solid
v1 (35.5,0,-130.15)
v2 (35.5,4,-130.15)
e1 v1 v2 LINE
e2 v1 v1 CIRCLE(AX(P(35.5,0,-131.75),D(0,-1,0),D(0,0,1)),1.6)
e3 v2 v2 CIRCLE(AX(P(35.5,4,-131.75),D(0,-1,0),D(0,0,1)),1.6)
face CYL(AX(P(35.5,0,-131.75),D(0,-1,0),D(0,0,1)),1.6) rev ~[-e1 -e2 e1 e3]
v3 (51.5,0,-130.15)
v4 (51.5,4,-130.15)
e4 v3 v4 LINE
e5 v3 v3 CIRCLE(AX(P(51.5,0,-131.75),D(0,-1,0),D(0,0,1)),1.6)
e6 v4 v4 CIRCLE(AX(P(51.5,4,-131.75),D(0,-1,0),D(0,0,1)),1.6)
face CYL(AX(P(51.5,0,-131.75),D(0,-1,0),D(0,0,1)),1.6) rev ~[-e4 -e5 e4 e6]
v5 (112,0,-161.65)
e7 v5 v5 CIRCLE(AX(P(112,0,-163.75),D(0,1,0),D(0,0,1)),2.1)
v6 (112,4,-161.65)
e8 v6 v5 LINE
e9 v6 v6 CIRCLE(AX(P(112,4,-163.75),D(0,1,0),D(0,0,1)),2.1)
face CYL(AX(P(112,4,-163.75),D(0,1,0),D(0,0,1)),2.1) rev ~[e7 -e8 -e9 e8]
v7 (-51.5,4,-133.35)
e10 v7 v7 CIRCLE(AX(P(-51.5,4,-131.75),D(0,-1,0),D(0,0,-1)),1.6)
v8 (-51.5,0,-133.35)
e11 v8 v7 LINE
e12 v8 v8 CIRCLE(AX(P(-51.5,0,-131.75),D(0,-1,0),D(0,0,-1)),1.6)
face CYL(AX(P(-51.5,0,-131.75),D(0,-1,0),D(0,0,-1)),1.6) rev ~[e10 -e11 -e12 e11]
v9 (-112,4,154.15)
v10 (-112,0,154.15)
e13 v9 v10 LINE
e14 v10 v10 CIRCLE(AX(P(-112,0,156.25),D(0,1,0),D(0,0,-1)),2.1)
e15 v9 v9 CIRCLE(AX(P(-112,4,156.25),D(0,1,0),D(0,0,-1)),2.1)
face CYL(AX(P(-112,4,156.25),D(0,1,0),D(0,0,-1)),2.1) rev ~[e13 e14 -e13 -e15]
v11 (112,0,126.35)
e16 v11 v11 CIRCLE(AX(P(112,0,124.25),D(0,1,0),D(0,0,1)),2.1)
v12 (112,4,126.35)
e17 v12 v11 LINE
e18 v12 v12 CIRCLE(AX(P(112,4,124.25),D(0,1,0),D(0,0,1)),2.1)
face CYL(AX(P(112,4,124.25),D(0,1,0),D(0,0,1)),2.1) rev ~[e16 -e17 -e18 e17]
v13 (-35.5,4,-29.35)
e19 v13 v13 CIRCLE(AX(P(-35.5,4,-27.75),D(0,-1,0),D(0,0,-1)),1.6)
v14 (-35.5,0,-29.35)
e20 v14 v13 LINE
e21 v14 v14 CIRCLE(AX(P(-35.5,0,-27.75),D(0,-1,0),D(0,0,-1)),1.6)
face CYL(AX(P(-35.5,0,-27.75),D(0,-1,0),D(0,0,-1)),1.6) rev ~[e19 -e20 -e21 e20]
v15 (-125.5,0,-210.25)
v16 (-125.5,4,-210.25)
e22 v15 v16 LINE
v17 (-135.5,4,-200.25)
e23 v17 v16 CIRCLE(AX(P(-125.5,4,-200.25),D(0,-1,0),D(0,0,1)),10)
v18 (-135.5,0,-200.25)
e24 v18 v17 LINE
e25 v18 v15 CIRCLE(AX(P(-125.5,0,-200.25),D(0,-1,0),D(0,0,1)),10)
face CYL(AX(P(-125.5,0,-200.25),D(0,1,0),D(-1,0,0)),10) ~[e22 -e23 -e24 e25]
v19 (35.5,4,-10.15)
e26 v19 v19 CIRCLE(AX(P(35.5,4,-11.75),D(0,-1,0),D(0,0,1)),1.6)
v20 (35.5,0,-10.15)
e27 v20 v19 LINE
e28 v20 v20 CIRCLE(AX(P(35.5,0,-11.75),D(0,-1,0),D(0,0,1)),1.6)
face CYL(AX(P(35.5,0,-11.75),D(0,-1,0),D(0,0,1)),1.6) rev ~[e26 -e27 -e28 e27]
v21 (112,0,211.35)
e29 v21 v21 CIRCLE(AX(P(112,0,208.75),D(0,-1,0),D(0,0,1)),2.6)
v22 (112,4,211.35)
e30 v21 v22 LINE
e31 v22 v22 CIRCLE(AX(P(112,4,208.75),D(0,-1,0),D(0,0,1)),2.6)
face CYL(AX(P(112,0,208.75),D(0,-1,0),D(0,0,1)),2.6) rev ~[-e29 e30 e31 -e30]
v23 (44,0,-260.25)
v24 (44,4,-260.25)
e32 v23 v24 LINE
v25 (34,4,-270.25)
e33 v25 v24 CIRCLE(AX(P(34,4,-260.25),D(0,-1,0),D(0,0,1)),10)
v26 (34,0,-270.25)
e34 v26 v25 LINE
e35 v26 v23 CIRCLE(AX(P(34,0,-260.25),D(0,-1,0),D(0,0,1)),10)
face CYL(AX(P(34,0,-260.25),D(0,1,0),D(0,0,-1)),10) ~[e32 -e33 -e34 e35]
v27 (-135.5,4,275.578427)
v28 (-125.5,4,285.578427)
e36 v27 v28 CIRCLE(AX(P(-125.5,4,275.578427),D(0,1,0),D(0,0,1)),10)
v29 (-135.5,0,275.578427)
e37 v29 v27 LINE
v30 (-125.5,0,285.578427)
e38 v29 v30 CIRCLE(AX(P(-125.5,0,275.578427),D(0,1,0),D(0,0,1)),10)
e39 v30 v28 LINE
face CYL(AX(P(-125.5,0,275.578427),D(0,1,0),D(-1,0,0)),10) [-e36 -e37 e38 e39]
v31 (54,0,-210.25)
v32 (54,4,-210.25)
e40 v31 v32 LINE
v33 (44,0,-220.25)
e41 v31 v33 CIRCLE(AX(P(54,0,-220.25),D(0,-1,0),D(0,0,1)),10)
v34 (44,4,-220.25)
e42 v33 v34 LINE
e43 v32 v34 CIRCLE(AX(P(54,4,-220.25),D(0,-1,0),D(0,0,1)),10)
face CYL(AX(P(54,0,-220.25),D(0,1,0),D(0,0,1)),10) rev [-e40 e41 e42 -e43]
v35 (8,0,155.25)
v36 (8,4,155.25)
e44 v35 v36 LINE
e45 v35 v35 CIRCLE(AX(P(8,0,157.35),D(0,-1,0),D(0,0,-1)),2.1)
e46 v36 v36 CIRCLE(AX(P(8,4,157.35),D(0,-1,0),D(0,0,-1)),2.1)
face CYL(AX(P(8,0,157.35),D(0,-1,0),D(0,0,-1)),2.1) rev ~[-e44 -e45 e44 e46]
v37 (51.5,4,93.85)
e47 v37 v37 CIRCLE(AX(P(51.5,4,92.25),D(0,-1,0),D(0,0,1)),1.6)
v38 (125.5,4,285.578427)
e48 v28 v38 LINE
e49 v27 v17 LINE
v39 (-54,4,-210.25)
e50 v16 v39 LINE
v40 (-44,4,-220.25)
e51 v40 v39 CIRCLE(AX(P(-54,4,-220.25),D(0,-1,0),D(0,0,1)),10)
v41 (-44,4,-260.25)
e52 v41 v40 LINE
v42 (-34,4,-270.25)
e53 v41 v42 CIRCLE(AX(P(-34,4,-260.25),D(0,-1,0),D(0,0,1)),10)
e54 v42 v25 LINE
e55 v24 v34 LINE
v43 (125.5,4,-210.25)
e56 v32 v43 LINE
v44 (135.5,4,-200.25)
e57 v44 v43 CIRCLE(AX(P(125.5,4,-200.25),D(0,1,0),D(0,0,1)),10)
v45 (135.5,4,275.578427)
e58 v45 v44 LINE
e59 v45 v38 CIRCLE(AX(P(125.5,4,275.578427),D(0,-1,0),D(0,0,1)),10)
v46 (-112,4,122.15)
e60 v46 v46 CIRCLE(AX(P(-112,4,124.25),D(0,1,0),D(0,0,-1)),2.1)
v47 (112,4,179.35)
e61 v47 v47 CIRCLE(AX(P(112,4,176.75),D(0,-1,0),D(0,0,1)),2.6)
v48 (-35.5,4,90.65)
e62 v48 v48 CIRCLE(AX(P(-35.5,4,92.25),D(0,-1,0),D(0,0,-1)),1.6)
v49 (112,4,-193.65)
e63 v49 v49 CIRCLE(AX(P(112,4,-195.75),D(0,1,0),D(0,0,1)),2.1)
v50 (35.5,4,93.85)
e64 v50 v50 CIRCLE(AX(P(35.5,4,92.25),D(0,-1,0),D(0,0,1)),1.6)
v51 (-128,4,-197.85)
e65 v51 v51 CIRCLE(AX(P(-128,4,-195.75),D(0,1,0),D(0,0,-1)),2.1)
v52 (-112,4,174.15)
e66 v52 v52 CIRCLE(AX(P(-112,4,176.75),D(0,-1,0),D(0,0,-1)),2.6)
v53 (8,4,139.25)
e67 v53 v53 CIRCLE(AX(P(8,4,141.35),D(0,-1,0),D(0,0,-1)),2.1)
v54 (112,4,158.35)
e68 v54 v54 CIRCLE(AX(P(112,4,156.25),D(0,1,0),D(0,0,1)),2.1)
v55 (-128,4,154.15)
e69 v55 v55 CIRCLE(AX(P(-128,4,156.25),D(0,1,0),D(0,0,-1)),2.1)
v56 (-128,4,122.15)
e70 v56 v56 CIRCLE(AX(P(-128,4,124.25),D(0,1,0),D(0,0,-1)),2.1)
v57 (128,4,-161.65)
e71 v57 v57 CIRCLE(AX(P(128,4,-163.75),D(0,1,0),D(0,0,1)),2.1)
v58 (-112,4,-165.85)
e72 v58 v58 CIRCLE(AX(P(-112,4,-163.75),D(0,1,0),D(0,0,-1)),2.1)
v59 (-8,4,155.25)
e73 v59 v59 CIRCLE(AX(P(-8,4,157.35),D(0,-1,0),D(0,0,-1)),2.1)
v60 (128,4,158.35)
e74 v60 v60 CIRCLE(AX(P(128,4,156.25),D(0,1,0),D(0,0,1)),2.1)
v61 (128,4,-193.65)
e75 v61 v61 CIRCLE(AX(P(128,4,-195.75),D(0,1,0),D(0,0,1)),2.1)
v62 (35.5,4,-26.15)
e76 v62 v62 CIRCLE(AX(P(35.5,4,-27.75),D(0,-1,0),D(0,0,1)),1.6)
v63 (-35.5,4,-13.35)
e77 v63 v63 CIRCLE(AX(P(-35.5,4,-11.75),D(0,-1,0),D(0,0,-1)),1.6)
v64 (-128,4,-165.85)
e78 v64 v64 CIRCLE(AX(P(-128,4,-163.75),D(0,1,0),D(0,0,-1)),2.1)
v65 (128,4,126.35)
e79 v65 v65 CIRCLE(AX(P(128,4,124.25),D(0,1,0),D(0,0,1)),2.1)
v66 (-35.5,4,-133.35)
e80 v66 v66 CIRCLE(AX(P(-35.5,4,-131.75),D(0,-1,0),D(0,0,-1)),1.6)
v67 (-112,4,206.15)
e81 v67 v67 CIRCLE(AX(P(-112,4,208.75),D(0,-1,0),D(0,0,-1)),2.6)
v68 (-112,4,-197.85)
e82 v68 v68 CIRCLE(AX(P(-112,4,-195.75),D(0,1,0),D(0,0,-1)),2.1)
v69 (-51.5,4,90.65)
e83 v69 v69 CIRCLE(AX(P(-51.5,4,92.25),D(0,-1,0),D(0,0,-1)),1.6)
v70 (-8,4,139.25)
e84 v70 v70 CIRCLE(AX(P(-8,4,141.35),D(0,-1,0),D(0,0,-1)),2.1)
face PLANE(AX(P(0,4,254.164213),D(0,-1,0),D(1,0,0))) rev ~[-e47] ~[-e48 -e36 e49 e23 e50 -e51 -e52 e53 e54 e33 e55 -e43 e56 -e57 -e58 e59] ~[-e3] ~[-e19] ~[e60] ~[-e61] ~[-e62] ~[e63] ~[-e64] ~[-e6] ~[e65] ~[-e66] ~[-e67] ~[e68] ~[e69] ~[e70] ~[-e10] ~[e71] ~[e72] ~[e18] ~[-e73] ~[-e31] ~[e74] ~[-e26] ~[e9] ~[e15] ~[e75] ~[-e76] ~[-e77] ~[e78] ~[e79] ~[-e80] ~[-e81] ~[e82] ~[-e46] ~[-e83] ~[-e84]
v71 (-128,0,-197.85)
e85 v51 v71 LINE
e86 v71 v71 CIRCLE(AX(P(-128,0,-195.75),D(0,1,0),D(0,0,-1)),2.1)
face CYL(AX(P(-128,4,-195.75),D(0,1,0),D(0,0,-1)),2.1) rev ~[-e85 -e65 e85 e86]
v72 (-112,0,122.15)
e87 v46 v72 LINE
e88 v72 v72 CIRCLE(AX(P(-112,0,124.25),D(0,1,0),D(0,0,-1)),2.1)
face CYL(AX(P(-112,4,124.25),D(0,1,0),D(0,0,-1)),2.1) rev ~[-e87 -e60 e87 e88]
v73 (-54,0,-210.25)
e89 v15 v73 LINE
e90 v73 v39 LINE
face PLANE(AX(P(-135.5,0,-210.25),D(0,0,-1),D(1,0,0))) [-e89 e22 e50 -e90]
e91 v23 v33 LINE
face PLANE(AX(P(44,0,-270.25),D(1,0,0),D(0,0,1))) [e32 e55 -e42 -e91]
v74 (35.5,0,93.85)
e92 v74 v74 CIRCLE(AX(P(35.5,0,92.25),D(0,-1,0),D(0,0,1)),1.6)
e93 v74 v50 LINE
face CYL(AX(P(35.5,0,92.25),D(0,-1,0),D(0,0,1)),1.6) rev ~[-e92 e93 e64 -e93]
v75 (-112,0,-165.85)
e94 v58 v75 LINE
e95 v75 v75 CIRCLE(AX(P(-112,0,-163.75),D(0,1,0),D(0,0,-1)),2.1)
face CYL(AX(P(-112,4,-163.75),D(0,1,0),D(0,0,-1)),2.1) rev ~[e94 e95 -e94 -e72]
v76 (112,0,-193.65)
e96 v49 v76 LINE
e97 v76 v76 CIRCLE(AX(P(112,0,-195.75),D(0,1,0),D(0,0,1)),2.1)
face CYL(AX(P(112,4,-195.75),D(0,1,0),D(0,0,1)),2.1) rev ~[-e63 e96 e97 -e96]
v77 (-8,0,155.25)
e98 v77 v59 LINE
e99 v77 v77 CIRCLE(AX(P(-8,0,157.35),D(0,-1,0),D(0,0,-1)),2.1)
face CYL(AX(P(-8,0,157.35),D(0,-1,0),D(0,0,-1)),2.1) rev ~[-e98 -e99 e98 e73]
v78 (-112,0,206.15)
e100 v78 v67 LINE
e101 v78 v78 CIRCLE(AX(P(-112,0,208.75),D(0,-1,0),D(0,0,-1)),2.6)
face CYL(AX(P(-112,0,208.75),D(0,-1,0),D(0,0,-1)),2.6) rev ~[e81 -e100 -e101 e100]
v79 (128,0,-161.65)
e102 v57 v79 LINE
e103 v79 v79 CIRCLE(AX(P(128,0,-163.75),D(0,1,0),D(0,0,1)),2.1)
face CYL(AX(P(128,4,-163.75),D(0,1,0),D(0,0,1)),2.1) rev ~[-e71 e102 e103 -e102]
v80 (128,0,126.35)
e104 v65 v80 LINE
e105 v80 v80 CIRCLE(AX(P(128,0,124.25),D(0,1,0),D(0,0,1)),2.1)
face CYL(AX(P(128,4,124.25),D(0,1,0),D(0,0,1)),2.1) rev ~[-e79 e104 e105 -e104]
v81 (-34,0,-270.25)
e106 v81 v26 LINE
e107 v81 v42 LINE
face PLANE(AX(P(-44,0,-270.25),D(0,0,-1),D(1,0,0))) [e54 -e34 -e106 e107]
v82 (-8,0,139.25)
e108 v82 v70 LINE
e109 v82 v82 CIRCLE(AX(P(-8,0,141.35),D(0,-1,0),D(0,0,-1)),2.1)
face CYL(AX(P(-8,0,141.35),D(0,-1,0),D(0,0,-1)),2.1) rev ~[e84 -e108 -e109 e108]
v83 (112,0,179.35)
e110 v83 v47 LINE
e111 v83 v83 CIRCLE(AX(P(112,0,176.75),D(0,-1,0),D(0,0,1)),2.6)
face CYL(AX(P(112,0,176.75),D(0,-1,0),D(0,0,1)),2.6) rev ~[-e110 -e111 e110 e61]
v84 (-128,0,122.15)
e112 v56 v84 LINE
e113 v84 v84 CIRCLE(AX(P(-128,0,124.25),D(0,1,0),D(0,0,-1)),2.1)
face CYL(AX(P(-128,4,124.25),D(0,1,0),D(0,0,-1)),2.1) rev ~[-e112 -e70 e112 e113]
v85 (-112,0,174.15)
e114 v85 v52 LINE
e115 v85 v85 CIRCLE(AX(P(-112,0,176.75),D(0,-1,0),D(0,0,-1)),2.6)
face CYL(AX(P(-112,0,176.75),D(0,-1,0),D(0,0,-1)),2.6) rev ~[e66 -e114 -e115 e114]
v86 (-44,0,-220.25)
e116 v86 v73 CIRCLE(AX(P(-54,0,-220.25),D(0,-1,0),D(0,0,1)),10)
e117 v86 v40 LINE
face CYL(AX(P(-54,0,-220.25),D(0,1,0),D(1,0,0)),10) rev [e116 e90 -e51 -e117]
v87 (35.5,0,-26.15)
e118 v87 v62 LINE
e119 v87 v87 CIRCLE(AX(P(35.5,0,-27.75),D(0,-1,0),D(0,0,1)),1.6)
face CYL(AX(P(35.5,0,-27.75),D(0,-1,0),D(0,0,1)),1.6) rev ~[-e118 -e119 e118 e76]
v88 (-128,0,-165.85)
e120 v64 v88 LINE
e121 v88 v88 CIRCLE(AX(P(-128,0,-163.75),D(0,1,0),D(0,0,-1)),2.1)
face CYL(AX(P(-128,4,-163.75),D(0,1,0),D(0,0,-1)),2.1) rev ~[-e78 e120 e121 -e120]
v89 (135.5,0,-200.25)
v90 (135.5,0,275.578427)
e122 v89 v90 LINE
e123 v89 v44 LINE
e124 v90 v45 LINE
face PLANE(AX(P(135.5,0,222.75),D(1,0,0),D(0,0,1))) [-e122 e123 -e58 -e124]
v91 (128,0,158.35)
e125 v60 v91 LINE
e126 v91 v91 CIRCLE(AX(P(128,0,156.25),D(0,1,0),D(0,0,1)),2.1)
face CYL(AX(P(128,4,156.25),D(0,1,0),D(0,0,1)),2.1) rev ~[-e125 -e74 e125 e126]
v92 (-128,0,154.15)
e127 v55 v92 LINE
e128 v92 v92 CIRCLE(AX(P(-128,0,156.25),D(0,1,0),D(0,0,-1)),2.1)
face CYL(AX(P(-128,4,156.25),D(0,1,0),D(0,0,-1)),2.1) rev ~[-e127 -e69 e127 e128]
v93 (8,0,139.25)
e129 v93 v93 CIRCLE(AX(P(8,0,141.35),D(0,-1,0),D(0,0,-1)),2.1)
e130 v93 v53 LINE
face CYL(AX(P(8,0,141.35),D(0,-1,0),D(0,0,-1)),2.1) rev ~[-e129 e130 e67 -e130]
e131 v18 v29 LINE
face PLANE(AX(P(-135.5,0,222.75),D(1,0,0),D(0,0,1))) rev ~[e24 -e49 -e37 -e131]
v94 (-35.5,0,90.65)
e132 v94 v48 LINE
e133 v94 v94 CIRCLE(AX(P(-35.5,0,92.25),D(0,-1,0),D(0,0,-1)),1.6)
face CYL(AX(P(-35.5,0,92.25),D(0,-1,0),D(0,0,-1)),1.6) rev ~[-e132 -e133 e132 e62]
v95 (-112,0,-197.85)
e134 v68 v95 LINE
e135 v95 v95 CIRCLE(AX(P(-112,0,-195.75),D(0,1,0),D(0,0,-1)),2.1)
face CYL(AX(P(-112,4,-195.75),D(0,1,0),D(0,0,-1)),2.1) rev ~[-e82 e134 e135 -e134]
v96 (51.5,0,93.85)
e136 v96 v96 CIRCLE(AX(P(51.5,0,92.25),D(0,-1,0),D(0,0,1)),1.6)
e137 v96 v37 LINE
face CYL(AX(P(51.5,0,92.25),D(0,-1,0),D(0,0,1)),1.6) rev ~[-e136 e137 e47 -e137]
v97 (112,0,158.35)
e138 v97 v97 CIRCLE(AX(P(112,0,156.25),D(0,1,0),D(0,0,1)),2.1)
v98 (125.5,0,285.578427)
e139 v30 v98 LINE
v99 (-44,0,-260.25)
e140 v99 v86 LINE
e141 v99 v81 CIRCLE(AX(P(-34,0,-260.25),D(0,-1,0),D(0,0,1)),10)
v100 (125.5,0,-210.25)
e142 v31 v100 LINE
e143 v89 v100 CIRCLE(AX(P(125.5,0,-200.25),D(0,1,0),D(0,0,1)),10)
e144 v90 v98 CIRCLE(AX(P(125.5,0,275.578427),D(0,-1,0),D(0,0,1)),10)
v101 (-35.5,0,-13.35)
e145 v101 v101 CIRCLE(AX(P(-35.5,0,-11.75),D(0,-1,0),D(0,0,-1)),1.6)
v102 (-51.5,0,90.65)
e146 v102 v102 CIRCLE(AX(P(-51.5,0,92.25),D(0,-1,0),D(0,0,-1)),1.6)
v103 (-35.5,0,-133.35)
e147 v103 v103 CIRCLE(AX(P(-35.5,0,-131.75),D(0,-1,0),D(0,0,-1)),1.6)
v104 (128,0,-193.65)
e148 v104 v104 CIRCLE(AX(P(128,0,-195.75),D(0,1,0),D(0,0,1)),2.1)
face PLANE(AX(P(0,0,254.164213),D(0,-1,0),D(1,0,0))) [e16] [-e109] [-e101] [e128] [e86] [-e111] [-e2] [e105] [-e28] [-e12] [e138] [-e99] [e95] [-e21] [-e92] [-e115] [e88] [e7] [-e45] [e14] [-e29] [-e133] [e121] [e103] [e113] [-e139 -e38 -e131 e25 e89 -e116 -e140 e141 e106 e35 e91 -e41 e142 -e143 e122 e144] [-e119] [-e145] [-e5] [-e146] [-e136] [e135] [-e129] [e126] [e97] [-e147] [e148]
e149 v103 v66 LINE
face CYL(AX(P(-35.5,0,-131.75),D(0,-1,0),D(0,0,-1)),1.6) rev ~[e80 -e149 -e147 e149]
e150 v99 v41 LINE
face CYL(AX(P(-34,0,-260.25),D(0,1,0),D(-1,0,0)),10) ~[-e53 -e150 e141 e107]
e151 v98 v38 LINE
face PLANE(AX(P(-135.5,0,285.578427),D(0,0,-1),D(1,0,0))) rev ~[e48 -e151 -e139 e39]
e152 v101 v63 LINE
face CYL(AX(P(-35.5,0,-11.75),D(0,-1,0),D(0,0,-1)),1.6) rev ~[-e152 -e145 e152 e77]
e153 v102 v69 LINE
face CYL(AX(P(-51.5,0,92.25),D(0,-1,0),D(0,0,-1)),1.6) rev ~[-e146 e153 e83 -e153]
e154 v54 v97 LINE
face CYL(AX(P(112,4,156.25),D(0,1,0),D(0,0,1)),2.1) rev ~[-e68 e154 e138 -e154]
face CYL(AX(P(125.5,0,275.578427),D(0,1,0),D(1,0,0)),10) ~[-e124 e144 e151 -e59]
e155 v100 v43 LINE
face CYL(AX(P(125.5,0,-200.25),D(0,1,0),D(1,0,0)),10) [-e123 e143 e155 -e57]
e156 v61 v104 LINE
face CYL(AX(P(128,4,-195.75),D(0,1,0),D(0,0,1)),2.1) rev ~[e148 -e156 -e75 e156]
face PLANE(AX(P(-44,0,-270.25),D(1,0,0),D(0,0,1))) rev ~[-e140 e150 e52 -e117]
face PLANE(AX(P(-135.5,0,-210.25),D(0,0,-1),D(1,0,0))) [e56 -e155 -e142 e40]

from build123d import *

# Parameters (mm, degrees)
SKETCH_1_W          = 271
SKETCH_1_H          = 420.5
EXTRUDE_1_DEPTH     = 4
SKETCH_2_R          = 2.1
CUT_EXTRUDE_1_DEPTH = 251.162572141
EXTRUDE_2_DEPTH     = 4
FILLET_2_R          = 10
SKETCH_7_R          = 1.6
CUT_EXTRUDE_4_DEPTH = 261.756231949
SKETCH_8_W          = 88
SKETCH_8_H          = 60
EXTRUDE_3_DEPTH     = 4
FILLET_3_R          = 10
SKETCH_9_R          = 2.1
CUT_EXTRUDE_5_DEPTH = 303.34303779
SKETCH_10_R         = 2.6
CUT_EXTRUDE_6_DEPTH = 4
SKETCH_12_W         = 271
SKETCH_12_H         = 62.828427
EXTRUDE_4_DEPTH     = 4
FILLET_4_R          = 10


with BuildPart() as part:
    # 草图1 → 凸台-拉伸1 (new body)
    with BuildSketch(Plane(origin=(0, 0, 0), x_dir=(1, 0, 0), z_dir=(0, 1, 0))):
        Rectangle(SKETCH_1_W, SKETCH_1_H)
    extrude(amount=EXTRUDE_1_DEPTH)

    # 草图2 → 切除-拉伸1 (cut, through all)
    with BuildSketch(Plane(origin=(0, 4, 0), x_dir=(1, 0, 0), z_dir=(0, 1, 0))):
        with Locations(Location((112, 195.75, 0), (0, 0, 270))):
            Circle(SKETCH_2_R)
        with Locations(Location((128, 195.75, 0), (0, 0, 270))):
            Circle(SKETCH_2_R)
        with Locations(Location((112, 163.75, 0), (0, 0, 270))):
            Circle(SKETCH_2_R)
        with Locations(Location((128, 163.75, 0), (0, 0, 270))):
            Circle(SKETCH_2_R)
        with Locations(Location((-128, 163.75, 0), (0, 0, 90))):
            Circle(SKETCH_2_R)
        with Locations(Location((-112, 163.75, 0), (0, 0, 90))):
            Circle(SKETCH_2_R)
        with Locations(Location((-128, 195.75, 0), (0, 0, 90))):
            Circle(SKETCH_2_R)
        with Locations(Location((-112, 195.75, 0), (0, 0, 90))):
            Circle(SKETCH_2_R)
        with Locations(Location((128, -124.25, 0), (0, 0, 270))):
            Circle(SKETCH_2_R)
        with Locations(Location((112, -124.25, 0), (0, 0, 270))):
            Circle(SKETCH_2_R)
        with Locations(Location((128, -156.25, 0), (0, 0, 270))):
            Circle(SKETCH_2_R)
        with Locations(Location((112, -156.25, 0), (0, 0, 270))):
            Circle(SKETCH_2_R)
        with Locations(Location((-112, -156.25, 0), (0, 0, 90))):
            Circle(SKETCH_2_R)
        with Locations(Location((-128, -156.25, 0), (0, 0, 90))):
            Circle(SKETCH_2_R)
        with Locations(Location((-112, -124.25, 0), (0, 0, 90))):
            Circle(SKETCH_2_R)
        with Locations(Location((-128, -124.25, 0), (0, 0, 90))):
            Circle(SKETCH_2_R)
    extrude(amount=-CUT_EXTRUDE_1_DEPTH, mode=Mode.SUBTRACT)

    # 草图3 → 凸台-拉伸2 (add)
    with BuildSketch(Plane(origin=(0, 4, 0), x_dir=(1, 0, 0), z_dir=(0, 1, 0))):
        Polygon((-135.5, -215), (-135.5, -210.25), (135.5, -210.25), (135.5, -215), (135.5, -222.75), (102, -222.75), (-102, -222.75), (-135.5, -222.75), align=None)
    extrude(amount=-EXTRUDE_2_DEPTH)

    # 圆角2
    fillet_2_edges = [part.edges().sort_by_distance(p)[0] for p in [
        (-135.5, 2, -210.25),
        (135.5, 2, -210.25),
    ]]
    fillet(fillet_2_edges, radius=FILLET_2_R)

    # 草图7 → 切除-拉伸4 (cut, through all)
    with BuildSketch(Plane.XZ):
        with Locations(Location((-51.5, -131.75, 0), (0, 0, 270))):
            Circle(SKETCH_7_R)
        with Locations(Location((-35.5, -131.75, 0), (0, 0, 270))):
            Circle(SKETCH_7_R)
        with Locations(Location((35.5, -131.75, 0), (0, 0, 90))):
            Circle(SKETCH_7_R)
        with Locations(Location((51.5, -131.75, 0), (0, 0, 90))):
            Circle(SKETCH_7_R)
        with Locations(Location((-51.5, 92.25, 0), (0, 0, 270))):
            Circle(SKETCH_7_R)
        with Locations(Location((-35.5, 92.25, 0), (0, 0, 270))):
            Circle(SKETCH_7_R)
        with Locations(Location((35.5, 92.25, 0), (0, 0, 90))):
            Circle(SKETCH_7_R)
        with Locations(Location((51.5, 92.25, 0), (0, 0, 90))):
            Circle(SKETCH_7_R)
        with Locations(Location((-35.5, -27.75, 0), (0, 0, 270))):
            Circle(SKETCH_7_R)
        with Locations(Location((-35.5, -11.75, 0), (0, 0, 270))):
            Circle(SKETCH_7_R)
        with Locations(Location((35.5, -11.75, 0), (0, 0, 90))):
            Circle(SKETCH_7_R)
        with Locations(Location((35.5, -27.75, 0), (0, 0, 90))):
            Circle(SKETCH_7_R)
    extrude(amount=-CUT_EXTRUDE_4_DEPTH, mode=Mode.SUBTRACT)

    # 草图8 → 凸台-拉伸3 (add)
    with BuildSketch(Plane.XZ):
        with Locations((0, -240.25)):
            Rectangle(SKETCH_8_W, SKETCH_8_H)
    extrude(amount=-EXTRUDE_3_DEPTH)

    # 圆角3
    fillet_3_edges = [part.edges().sort_by_distance(p)[0] for p in [
        (44, 2, -270.25),
        (-44, 2, -270.25),
    ]]
    fillet(fillet_3_edges, radius=FILLET_3_R)

    # 草图9 → 切除-拉伸5 (cut, through all)
    with BuildSketch(Plane.XZ):
        with Locations(Location((-8, 157.35, 0), (0, 0, 270))):
            Circle(SKETCH_9_R)
        with Locations(Location((8, 157.35, 0), (0, 0, 270))):
            Circle(SKETCH_9_R)
        with Locations(Location((-8, 141.35, 0), (0, 0, 270))):
            Circle(SKETCH_9_R)
        with Locations(Location((8, 141.35, 0), (0, 0, 270))):
            Circle(SKETCH_9_R)
    extrude(amount=-CUT_EXTRUDE_5_DEPTH, mode=Mode.SUBTRACT)

    # 草图10 → 切除-拉伸6 (cut)
    with BuildSketch(Plane.XZ):
        with Locations(Location((-112, 208.75, 0), (0, 0, 270))):
            Circle(SKETCH_10_R)
        with Locations(Location((-112, 176.75, 0), (0, 0, 270))):
            Circle(SKETCH_10_R)
        with Locations(Location((112, 176.75, 0), (0, 0, 90))):
            Circle(SKETCH_10_R)
        with Locations(Location((112, 208.75, 0), (0, 0, 90))):
            Circle(SKETCH_10_R)
    extrude(amount=-CUT_EXTRUDE_6_DEPTH, mode=Mode.SUBTRACT)

    # 草图12 → 凸台-拉伸4 (add)
    with BuildSketch(Plane.XZ):
        with Locations((0, 254.1642135)):
            Rectangle(SKETCH_12_W, SKETCH_12_H)
    extrude(amount=-EXTRUDE_4_DEPTH)

    # 圆角4
    fillet_4_edges = [part.edges().sort_by_distance(p)[0] for p in [
        (44, 2, -210.25),
        (-44, 2, -210.25),
        (135.5, 2, 285.578427),
        (-135.5, 2, 285.578427),
    ]]
    fillet(fillet_4_edges, radius=FILLET_4_R)


solid = part.part
